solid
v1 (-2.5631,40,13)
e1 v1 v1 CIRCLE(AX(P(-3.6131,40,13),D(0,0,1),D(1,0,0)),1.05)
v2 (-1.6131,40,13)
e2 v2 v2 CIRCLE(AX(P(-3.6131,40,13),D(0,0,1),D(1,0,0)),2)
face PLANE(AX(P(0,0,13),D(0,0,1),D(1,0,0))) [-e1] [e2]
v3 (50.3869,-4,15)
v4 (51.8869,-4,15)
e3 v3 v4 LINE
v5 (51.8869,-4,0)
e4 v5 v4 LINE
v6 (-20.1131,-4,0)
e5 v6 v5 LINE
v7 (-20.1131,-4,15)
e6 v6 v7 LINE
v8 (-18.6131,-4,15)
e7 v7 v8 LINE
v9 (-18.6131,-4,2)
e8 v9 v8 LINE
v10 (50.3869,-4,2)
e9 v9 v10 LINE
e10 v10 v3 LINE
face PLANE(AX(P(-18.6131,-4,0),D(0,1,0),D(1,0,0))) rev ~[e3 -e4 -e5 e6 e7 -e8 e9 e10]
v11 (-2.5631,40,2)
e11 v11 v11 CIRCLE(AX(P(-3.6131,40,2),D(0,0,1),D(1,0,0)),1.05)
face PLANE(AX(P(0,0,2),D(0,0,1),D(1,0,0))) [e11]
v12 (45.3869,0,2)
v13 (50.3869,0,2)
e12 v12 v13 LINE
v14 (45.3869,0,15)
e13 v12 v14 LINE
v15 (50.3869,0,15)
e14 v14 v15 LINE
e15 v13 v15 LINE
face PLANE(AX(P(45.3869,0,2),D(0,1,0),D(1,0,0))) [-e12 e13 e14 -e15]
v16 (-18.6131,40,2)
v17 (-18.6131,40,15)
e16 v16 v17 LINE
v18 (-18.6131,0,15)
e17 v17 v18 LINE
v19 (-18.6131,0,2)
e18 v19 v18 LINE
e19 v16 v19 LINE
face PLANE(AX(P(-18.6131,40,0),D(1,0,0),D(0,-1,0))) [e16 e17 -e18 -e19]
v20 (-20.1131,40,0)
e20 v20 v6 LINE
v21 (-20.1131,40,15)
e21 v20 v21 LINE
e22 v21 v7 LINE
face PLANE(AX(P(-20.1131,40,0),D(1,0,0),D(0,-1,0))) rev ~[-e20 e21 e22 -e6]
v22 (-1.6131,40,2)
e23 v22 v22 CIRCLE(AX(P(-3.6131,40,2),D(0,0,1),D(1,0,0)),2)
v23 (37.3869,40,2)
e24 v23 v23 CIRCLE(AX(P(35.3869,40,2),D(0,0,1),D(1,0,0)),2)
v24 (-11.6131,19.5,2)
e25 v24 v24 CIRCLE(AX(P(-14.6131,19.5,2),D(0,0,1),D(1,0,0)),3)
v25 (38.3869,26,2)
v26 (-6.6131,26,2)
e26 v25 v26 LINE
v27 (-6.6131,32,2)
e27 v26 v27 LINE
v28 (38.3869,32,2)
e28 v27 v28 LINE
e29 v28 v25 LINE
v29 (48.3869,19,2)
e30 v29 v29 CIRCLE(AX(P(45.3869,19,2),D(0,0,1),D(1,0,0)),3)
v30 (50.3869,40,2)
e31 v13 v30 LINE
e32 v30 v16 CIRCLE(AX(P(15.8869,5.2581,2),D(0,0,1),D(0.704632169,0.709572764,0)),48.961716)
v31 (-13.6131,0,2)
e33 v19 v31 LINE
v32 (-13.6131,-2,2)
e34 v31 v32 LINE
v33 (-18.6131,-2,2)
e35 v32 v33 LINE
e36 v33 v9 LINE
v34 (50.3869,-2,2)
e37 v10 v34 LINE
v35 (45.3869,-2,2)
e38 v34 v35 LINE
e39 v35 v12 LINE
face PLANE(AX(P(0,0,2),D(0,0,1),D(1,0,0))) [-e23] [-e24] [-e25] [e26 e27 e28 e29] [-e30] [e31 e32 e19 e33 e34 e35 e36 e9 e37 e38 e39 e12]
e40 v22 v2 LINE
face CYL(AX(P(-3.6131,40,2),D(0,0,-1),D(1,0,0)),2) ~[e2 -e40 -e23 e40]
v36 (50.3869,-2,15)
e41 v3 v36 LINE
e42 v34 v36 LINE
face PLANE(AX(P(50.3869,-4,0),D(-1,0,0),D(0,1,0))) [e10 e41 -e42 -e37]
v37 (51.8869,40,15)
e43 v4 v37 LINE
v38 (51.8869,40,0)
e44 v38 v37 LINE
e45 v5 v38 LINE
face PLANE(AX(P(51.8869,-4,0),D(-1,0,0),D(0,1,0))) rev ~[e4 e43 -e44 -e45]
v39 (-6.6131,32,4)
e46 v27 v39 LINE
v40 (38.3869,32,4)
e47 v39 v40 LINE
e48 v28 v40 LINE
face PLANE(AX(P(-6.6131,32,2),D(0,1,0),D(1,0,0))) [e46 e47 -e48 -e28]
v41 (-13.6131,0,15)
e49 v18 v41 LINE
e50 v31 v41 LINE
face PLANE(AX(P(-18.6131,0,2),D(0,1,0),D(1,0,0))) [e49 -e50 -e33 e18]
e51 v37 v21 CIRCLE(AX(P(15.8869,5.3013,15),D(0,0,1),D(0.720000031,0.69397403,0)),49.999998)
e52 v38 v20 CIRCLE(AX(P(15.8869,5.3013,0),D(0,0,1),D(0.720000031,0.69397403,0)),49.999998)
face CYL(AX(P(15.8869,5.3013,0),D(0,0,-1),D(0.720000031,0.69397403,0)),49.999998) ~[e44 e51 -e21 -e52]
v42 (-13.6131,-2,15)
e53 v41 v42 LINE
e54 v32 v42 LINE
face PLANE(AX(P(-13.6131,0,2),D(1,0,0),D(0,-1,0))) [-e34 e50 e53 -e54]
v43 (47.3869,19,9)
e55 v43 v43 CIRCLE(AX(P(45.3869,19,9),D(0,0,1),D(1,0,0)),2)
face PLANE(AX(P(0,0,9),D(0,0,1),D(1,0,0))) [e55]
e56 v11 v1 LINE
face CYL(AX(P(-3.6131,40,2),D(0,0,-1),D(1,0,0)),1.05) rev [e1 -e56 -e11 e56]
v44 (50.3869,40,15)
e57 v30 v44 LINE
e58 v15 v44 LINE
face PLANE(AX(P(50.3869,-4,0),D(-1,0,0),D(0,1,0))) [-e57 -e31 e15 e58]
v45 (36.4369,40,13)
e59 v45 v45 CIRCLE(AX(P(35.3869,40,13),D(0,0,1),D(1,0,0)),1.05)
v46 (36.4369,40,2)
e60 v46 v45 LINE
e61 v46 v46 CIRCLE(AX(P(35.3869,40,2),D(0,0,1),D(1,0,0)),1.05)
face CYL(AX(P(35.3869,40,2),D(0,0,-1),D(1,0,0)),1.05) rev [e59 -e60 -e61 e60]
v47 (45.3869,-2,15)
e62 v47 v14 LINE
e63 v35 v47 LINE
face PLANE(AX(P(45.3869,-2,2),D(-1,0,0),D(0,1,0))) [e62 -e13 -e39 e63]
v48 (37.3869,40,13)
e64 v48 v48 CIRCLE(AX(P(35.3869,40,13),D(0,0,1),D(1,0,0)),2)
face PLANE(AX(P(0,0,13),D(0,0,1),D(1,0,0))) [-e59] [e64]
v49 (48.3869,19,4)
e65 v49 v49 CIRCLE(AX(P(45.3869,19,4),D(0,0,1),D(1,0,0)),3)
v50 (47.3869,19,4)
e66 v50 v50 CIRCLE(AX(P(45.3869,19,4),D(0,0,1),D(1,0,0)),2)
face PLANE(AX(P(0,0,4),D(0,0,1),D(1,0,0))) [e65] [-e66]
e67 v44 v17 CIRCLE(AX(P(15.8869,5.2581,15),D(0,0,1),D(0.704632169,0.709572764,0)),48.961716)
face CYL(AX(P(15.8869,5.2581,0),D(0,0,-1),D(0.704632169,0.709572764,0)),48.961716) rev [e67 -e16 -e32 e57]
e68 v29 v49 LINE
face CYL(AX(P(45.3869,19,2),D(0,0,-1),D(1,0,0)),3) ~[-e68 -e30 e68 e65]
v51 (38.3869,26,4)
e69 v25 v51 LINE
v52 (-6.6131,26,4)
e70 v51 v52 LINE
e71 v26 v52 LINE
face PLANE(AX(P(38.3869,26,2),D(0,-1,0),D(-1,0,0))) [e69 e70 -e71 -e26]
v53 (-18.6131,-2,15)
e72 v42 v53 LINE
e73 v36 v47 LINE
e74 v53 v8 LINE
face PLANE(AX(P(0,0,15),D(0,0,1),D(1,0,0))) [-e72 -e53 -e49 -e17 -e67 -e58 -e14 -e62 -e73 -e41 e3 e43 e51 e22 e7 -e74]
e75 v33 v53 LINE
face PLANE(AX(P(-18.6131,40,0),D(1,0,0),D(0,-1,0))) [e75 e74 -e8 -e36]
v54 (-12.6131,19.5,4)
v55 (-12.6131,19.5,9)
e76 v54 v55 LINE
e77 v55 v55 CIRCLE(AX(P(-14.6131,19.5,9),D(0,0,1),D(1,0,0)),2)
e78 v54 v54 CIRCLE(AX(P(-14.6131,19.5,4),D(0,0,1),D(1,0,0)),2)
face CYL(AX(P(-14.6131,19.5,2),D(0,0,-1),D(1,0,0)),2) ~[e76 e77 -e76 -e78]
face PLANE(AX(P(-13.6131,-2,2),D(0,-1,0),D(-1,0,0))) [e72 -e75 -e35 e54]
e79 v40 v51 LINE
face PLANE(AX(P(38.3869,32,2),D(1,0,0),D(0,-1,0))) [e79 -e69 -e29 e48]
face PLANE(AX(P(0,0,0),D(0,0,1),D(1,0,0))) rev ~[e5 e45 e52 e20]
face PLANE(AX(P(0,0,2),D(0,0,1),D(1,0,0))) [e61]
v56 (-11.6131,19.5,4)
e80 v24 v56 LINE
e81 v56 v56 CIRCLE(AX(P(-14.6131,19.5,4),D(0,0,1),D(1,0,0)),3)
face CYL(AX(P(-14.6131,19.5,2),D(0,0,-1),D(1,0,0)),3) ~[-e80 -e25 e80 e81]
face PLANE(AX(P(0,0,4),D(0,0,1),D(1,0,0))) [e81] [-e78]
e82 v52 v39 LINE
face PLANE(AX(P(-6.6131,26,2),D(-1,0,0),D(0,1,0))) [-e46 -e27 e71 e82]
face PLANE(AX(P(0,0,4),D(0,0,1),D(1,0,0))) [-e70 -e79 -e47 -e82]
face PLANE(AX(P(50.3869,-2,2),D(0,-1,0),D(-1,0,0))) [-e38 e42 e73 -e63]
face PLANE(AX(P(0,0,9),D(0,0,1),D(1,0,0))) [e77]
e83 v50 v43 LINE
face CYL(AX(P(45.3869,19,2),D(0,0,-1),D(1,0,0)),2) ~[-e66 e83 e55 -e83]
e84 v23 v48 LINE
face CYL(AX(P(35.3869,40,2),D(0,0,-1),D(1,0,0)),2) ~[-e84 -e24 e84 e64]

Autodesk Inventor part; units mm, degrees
ref_plane "YZ Plane" through (0, 0, 0) normal (1, 0, 0) x (0, 1, 0)
ref_plane "XZ Plane" through (0, 0, 0) normal (0, 1, 0) x (-1, 0, 0)
ref_plane "XY Plane" through (0, 0, 0) normal (0, 0, 1) x (1, 0, 0)
sketch "Skizze1" plane through (0, 0, 0) normal (0, 0, 1) x (1, 0, 0)
  line L0 (-20.1131, -4) -> (51.8869, -4)
  line L1 (51.8869, -4) -> (51.8869, 40)
  line L2 (51.8869, 40) -> (-20.1131, 40)
  line L3 (-20.1131, 40) -> (-20.1131, -4)
  arc A0 (51.8869, 40) -> (-20.1131, 40) centre (15.8869, 5.3013) ccw
  line L4 (50.3869, -4) -> (50.3869, 40)
  line L5 (-18.6131, 40) -> (-18.6131, -4)
  arc A1 (50.3869, 40) -> (-18.6131, 40) centre (15.8869, 5.2581) ccw
  point P0 (0, 0)
  dimension "d0" = 72
  dimension "d1" = 44
  dimension "d2" = 50
  dimension "d3" = 1.5
  dimension "d4" = 1.5
extrude "Extrusion1" add sketch "Skizze1" along normal blind 2 contours L5 L2 L4 L0 | A1 L2
extrude "Extrusion2" add sketch "Skizze1" along normal blind 15 contours L3 L2 L5 L0 | A0 L2 A1 | L4 L2 L1 L0
sketch "Skizze2" plane through (0, 0, 2) normal (0, 0, 1) x (1, 0, 0)
  circle A0 centre (-14.6131, 19.5) radius 3
  circle A1 centre (-14.6131, 19.5) radius 2
  circle A2 centre (45.3869, 19) radius 3
  circle A3 centre (45.3869, 19) radius 2
  line L0 (50.3869, 40) -> (50.3869, -4) projected
  line L1 (-18.6131, -4) -> (-18.6131, 40) projected
  circle A4 centre (-3.6131, 40) radius 2
  circle A5 centre (35.3869, 40) radius 2
  circle A6 centre (35.3869, 40) radius 1.05
  circle A7 centre (-3.6131, 40) radius 1.05
  line L2 (-6.6131, 32) -> (38.3869, 32)
  line L3 (38.3869, 32) -> (38.3869, 26)
  line L4 (38.3869, 26) -> (-6.6131, 26)
  line L5 (-6.6131, 26) -> (-6.6131, 32)
  line L6 (50.3869, -4) -> (43.3869, -4)
  line L7 (-18.6131, 0) -> (-13.6131, 0)
  line L8 (-13.6131, 0) -> (-13.6131, -2)
  line L9 (-13.6131, -2) -> (-18.6131, -2)
  line L10 (-18.6131, -2) -> (-18.6131, 0)
  line L11 (45.3869, 0) -> (50.3869, 0)
  line L12 (50.3869, 0) -> (50.3869, -2)
  line L13 (50.3869, -2) -> (45.3869, -2)
  line L14 (45.3869, -2) -> (45.3869, 0)
  line L15 (-18.6131, -4) -> (50.3869, -4) projected
  point P0 (0, 0)
  point P1 (15.8869, 26)
  point P2 (15.8869, 32)
  point P3 (-6.6131, 29)
  point P4 (38.3869, 29)
  point P5 (45.3869, -1)
  point P6 (-13.6131, -1)
  dimension "d9" = 6
  dimension "d10" = 4
  dimension "d11" = 6
  dimension "d12" = 4
  dimension "d13" = 5
  dimension "d14" = 4
  dimension "d21" = 4
  dimension "d22" = 4
  dimension "d23" = 2.1
  dimension "d24" = 2.1
  dimension "d27" = 15
  dimension "d28" = 15
  dimension "d29" = 60
  dimension "d30" = 6
  dimension "d31" = 45
  dimension "d32" = 12
  dimension "d33" = 12
  dimension "d40" = 5
  dimension "d41" = 2
  dimension "d43" = 5
  dimension "d44" = 2
  dimension "d45" = 2
  dimension "d46" = 59
  dimension "d47" = 23.5
  dimension "d48" = 23
  dimension "d49" = 44
  dimension "d50" = 44
  dimension "d51" = 30
extrude "Extrusion3" add sketch "Skizze2" along normal blind 2 contours A0 | A2 | L2 L3 L4 L5
extrude "Extrusion4" add sketch "Skizze2" along normal blind 7 contours A1 | A3
extrude "Extrusion5" add sketch "Skizze2" along normal blind 11 contours A4 | A5
extrude "Extrusion6" add sketch "Skizze2" along normal up to surface (13 mm away) contours L1 L7 L8 L9 | L0 L13 L14 L11
properties part number "Spiel"
